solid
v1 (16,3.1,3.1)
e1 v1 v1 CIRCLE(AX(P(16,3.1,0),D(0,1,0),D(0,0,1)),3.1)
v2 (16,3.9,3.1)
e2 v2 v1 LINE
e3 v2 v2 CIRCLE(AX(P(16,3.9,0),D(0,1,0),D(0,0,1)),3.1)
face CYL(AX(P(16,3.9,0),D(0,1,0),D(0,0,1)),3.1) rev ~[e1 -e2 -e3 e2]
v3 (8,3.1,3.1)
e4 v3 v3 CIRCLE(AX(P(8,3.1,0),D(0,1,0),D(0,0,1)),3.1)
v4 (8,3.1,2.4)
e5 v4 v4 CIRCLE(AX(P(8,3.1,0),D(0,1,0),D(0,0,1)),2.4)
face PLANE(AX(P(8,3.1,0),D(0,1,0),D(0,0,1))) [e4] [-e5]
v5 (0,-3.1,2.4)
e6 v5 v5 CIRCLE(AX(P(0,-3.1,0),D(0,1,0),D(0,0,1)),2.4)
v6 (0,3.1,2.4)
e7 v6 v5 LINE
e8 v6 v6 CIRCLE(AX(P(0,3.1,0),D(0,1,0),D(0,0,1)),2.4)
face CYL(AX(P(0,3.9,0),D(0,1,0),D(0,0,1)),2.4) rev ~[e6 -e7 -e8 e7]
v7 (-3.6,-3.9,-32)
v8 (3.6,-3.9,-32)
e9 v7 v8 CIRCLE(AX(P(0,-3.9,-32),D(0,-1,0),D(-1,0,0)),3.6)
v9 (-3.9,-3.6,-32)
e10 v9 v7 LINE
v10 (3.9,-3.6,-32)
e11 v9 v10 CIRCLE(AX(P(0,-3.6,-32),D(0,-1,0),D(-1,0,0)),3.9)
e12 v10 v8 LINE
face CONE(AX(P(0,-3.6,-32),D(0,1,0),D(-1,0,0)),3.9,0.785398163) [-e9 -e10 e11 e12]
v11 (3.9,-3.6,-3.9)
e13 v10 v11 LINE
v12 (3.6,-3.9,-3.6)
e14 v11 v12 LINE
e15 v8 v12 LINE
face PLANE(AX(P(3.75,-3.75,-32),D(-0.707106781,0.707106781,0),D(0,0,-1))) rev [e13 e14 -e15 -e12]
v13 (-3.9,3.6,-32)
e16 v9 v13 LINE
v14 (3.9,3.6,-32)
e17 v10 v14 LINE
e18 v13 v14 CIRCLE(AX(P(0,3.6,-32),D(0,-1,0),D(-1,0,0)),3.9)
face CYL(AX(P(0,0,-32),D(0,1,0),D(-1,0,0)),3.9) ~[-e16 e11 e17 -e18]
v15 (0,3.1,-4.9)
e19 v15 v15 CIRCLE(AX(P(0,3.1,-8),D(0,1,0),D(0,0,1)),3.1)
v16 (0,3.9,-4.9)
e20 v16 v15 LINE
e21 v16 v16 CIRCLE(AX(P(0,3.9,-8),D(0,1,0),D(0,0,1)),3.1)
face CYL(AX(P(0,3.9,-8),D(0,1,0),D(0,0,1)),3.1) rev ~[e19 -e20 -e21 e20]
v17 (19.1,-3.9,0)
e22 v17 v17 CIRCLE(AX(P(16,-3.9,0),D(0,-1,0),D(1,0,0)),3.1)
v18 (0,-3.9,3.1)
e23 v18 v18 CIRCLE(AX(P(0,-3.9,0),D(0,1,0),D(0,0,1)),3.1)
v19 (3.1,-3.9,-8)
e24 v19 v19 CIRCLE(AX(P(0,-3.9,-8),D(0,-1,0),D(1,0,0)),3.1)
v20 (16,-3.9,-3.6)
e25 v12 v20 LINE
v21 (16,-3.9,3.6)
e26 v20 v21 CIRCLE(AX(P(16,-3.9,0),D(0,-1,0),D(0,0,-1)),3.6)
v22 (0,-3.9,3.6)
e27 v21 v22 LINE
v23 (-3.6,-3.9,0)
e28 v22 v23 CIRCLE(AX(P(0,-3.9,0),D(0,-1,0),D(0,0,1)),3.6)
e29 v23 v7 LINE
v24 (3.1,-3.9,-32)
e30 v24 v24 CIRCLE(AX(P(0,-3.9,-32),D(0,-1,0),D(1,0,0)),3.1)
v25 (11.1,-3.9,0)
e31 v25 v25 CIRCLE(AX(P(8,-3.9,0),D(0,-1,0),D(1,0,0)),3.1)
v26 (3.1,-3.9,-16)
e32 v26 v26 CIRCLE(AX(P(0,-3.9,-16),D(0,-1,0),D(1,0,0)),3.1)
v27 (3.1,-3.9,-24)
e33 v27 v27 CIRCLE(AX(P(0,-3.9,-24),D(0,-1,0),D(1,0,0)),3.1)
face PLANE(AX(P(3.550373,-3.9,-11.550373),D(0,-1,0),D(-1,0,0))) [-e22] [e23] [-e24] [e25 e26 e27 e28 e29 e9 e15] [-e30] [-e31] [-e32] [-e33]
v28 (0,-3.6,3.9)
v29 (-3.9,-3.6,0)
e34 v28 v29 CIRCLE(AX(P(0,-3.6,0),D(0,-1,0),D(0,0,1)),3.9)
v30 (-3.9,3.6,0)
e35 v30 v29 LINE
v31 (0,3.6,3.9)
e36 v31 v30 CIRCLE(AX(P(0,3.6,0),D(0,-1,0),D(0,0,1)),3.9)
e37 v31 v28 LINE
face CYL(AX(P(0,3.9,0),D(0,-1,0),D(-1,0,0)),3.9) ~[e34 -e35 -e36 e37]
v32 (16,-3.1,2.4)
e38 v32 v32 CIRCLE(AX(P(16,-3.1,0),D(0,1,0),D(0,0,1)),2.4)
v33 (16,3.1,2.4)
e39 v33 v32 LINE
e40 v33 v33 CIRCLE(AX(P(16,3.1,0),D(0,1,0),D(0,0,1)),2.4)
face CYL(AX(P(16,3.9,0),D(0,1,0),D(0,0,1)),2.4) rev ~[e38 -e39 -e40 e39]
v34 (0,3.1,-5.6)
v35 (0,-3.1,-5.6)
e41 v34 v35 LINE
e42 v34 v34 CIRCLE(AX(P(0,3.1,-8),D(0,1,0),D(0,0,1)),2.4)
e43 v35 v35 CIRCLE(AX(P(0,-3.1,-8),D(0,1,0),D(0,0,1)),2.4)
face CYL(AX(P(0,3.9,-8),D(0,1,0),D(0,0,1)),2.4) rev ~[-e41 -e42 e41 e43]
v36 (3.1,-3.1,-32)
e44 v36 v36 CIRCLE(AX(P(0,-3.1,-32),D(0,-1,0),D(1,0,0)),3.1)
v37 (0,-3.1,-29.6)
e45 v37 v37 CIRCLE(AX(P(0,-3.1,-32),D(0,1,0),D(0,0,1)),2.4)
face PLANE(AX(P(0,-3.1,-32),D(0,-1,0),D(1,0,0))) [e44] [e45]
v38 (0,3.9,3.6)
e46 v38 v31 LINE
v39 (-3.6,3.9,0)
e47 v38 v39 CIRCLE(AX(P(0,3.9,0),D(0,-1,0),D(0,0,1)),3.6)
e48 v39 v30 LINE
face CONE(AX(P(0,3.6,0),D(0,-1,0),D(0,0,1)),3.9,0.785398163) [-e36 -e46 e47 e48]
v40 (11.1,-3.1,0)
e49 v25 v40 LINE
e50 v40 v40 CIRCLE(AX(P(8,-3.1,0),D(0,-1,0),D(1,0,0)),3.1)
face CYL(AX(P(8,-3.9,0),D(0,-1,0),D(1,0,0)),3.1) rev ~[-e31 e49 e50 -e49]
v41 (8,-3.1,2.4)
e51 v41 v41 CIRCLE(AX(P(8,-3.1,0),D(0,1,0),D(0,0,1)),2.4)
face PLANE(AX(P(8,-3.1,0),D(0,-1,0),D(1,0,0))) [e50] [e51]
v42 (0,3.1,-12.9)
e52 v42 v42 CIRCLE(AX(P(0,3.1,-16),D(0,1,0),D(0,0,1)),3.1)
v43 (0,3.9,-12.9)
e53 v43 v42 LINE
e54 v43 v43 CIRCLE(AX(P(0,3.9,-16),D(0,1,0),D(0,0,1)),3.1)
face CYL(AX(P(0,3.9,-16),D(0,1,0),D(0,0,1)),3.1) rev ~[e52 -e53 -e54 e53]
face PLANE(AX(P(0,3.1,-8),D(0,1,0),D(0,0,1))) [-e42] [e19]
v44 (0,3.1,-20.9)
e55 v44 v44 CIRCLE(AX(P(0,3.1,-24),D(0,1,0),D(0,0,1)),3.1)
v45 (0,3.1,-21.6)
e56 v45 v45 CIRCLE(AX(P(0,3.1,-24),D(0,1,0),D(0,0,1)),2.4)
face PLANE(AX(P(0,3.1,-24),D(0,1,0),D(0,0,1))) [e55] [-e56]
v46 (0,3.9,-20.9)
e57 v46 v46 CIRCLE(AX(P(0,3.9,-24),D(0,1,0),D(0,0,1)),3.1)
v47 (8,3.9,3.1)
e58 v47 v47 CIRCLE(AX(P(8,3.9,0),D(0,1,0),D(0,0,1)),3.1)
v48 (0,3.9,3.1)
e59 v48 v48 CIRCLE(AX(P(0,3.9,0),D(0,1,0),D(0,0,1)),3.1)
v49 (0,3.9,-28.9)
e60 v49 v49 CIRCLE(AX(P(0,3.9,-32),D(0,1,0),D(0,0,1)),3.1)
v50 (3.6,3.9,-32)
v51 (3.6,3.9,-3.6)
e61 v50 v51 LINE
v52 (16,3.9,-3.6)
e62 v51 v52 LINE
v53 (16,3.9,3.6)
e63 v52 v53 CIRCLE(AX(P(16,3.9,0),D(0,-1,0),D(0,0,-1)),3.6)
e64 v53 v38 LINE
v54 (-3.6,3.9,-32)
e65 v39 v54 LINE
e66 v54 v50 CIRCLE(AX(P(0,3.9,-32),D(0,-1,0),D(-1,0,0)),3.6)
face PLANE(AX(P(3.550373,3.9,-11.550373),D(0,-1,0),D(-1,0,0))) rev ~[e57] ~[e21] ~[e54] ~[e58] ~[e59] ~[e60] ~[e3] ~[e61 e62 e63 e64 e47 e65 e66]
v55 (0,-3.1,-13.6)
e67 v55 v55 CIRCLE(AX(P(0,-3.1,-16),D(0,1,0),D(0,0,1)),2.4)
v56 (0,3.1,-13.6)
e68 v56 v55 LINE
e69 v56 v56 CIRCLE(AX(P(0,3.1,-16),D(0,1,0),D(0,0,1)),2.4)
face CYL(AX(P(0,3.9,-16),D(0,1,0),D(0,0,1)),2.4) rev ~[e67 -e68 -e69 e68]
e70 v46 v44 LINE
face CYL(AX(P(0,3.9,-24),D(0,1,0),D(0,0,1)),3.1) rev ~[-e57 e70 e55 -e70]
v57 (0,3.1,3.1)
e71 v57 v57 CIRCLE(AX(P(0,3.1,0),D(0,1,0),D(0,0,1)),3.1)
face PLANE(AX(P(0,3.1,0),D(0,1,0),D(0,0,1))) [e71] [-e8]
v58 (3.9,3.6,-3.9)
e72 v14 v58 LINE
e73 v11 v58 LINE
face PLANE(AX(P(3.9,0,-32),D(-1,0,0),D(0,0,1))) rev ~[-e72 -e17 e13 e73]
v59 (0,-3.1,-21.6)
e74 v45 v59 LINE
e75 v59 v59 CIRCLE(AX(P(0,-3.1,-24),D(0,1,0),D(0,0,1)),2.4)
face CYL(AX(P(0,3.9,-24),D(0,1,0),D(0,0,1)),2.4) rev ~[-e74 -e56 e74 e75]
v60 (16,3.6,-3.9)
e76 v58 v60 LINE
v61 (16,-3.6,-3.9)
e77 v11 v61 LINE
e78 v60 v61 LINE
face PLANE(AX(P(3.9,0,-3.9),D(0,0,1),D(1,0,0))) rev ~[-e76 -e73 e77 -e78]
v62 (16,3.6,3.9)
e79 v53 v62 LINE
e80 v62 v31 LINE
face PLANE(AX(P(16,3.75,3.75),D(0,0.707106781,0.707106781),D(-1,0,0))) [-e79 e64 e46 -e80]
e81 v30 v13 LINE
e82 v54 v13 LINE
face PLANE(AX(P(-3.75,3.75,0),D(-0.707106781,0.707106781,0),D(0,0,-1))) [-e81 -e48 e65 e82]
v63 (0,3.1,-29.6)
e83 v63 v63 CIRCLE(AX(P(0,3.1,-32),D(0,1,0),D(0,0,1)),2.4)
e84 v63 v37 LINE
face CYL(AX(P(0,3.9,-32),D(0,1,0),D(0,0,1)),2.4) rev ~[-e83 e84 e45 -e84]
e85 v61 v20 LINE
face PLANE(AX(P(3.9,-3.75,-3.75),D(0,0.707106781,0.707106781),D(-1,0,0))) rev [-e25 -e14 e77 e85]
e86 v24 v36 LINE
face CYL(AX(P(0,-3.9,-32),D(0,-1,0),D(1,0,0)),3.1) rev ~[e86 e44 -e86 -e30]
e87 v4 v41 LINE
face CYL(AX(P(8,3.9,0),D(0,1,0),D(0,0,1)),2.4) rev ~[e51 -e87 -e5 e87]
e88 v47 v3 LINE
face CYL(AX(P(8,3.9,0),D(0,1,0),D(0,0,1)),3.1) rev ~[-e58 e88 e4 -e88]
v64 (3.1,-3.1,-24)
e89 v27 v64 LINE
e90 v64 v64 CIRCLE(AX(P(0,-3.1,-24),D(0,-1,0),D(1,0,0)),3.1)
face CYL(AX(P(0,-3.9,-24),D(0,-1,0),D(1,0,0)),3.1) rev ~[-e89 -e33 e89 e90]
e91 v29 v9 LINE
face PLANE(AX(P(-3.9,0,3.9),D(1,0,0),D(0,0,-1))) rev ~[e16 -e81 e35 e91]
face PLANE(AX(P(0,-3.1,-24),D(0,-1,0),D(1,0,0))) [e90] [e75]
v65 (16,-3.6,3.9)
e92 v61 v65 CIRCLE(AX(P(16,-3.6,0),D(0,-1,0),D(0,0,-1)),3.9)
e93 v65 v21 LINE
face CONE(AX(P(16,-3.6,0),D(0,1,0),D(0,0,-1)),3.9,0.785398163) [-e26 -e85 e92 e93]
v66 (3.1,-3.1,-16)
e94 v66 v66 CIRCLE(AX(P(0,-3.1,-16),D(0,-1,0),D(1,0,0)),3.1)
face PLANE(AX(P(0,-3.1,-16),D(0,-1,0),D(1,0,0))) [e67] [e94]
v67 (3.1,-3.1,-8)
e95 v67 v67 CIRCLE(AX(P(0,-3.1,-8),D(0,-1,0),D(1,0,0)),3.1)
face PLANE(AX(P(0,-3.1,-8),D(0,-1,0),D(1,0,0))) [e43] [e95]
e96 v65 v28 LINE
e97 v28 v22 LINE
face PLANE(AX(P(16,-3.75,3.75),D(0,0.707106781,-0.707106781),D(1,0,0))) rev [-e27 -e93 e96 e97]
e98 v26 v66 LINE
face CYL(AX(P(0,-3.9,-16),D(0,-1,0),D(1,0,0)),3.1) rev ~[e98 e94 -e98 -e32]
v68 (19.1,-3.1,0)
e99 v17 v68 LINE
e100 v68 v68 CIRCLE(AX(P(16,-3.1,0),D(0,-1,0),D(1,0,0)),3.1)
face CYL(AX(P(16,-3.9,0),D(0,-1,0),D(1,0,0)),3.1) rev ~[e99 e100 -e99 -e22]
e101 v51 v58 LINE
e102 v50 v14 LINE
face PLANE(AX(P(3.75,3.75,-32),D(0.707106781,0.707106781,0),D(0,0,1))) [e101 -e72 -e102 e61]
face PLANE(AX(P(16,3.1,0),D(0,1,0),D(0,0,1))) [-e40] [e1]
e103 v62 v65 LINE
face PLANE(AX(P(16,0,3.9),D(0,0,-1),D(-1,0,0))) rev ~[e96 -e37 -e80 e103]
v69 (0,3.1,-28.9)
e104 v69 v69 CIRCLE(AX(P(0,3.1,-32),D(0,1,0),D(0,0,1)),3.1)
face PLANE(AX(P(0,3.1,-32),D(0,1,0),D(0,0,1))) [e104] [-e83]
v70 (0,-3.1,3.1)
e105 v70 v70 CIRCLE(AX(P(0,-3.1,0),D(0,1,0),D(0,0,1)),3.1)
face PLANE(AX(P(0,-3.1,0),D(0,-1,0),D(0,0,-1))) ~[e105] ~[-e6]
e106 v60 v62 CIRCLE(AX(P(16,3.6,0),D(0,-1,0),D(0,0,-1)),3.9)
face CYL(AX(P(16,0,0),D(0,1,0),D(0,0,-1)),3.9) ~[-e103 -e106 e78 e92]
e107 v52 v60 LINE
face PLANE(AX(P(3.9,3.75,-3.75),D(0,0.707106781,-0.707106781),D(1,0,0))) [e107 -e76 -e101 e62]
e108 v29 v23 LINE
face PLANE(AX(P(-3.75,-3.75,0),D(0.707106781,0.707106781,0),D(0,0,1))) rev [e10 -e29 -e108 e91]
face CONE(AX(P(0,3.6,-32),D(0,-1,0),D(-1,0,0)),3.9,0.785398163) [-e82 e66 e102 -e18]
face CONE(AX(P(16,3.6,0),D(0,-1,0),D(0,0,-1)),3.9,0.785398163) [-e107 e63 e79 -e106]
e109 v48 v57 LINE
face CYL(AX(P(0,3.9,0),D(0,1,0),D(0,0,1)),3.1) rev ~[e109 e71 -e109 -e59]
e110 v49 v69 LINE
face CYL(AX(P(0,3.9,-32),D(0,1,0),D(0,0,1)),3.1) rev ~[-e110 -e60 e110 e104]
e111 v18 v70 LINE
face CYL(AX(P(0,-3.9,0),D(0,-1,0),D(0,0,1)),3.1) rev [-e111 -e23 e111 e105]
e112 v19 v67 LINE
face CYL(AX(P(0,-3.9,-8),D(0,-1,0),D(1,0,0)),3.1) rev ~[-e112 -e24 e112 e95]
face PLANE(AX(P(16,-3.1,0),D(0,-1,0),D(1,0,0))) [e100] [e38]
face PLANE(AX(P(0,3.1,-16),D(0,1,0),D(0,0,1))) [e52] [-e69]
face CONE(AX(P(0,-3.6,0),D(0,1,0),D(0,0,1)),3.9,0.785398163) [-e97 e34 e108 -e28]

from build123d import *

# Parameters (mm, degrees)
BOSS_EXTRUDE1_DEPTH       = 3.9
FILLET1_R                 = 3.9
SKETCH2_R                 = 2.4
CUT_EXTRUDE2_DEPTH        = 42.781096204
SKETCH4_R                 = 3.1
CUT_EXTRUDE3_DEPTH        = 0.8
LPATTERN1_COUNT           = 5
LPATTERN1_PITCH           = 8
LPATTERN1_COPY_1_SKETCH_R = 3.1
LPATTERN1_COPY_1_DEPTH    = 0.8
LPATTERN1_COPY_2_SKETCH_R = 3.1
LPATTERN1_COPY_2_DEPTH    = 0.8
LPATTERN1_COPY_3_SKETCH_R = 3.1
LPATTERN1_COPY_3_DEPTH    = 0.8
LPATTERN1_COPY_4_SKETCH_R = 3.1
LPATTERN1_COPY_4_DEPTH    = 0.8
LPATTERN2_COUNT           = 3
LPATTERN2_PITCH           = 8
LPATTERN2_COPY_1_SKETCH_R = 3.1
LPATTERN2_COPY_1_DEPTH    = 0.8
LPATTERN2_COPY_2_SKETCH_R = 3.1
LPATTERN2_COPY_2_DEPTH    = 0.8
CHAMFER1_SIZE             = 0.3


with BuildPart() as part:
    # Sketch1 → Boss-Extrude1 (new, symmetric)
    with BuildSketch(Plane(origin=(0, 0, 0), x_dir=(1, 0, 0), z_dir=(0, 1, 0))):
        with BuildLine():
            Line((3.9, 3.9), (16, 3.9))
            ThreePointArc((16, 3.9), (19.9, 0), (16, -3.9))
            Line((16, -3.9), (-3.9, -3.9))
            Line((-3.9, -3.9), (-3.9, 32))
            ThreePointArc((-3.9, 32), (0, 35.9), (3.9, 32))
            Line((3.9, 32), (3.9, 3.9))
        make_face()
    extrude(amount=BOSS_EXTRUDE1_DEPTH, both=True)

    # Fillet1
    fillet1_edges = [part.edges().sort_by_distance(p)[0] for p in [
        (-3.9, 0, 3.9),
    ]]
    fillet(fillet1_edges, radius=FILLET1_R)

    # Sketch2 → Cut-Extrude2 (cut, through all)
    with BuildSketch(Plane(origin=(0, 3.9, 0), x_dir=(1, 0, 0), z_dir=(0, 1, 0))):
        with Locations(Location((0, 0, 0), (0, 0, 270))):
            Circle(SKETCH2_R)
    cut_extrude2 = extrude(amount=-CUT_EXTRUDE2_DEPTH, mode=Mode.SUBTRACT)

    # Sketch4 → Cut-Extrude3 (cut)
    with BuildSketch(Plane(origin=(0, 3.9, 0), x_dir=(1, 0, 0), z_dir=(0, 1, 0))):
        with Locations(Location((0, 0, 0), (0, 0, 270))):
            Circle(SKETCH4_R)
    cut_extrude3 = extrude(amount=-CUT_EXTRUDE3_DEPTH, mode=Mode.SUBTRACT)

    # Mirror1: Cut-Extrude3 across plane
    add(cut_extrude3.mirror(Plane.ZX), mode=Mode.SUBTRACT)

    # LPattern1: Cut-Extrude2, Cut-Extrude3 ×5
    with Locations(*[(0, 0, -i * LPATTERN1_PITCH) for i in range(1, LPATTERN1_COUNT)]):
        add(cut_extrude2, mode=Mode.SUBTRACT)
        add(cut_extrude3, mode=Mode.SUBTRACT)

    # LPattern1 copy 1 sketch → LPattern1 copy 1 (cut)
    with BuildSketch(Plane(origin=(0, -3.9, -8), x_dir=(1, 0, 0), z_dir=(0, -1, 0))):
        Circle(LPATTERN1_COPY_1_SKETCH_R)
    extrude(amount=-LPATTERN1_COPY_1_DEPTH, mode=Mode.SUBTRACT)

    # LPattern1 copy 2 sketch → LPattern1 copy 2 (cut)
    with BuildSketch(Plane(origin=(0, -3.9, -16), x_dir=(1, 0, 0), z_dir=(0, -1, 0))):
        Circle(LPATTERN1_COPY_2_SKETCH_R)
    extrude(amount=-LPATTERN1_COPY_2_DEPTH, mode=Mode.SUBTRACT)

    # LPattern1 copy 3 sketch → LPattern1 copy 3 (cut)
    with BuildSketch(Plane(origin=(0, -3.9, -24), x_dir=(1, 0, 0), z_dir=(0, -1, 0))):
        Circle(LPATTERN1_COPY_3_SKETCH_R)
    extrude(amount=-LPATTERN1_COPY_3_DEPTH, mode=Mode.SUBTRACT)

    # LPattern1 copy 4 sketch → LPattern1 copy 4 (cut)
    with BuildSketch(Plane(origin=(0, -3.9, -32), x_dir=(1, 0, 0), z_dir=(0, -1, 0))):
        Circle(LPATTERN1_COPY_4_SKETCH_R)
    extrude(amount=-LPATTERN1_COPY_4_DEPTH, mode=Mode.SUBTRACT)

    # LPattern2: Cut-Extrude2, Cut-Extrude3 ×3
    with Locations(*[(i * LPATTERN2_PITCH, 0, 0) for i in range(1, LPATTERN2_COUNT)]):
        add(cut_extrude2, mode=Mode.SUBTRACT)
        add(cut_extrude3, mode=Mode.SUBTRACT)

    # LPattern2 copy 1 sketch → LPattern2 copy 1 (cut)
    with BuildSketch(Plane(origin=(8, -3.9, 0), x_dir=(1, 0, 0), z_dir=(0, -1, 0))):
        Circle(LPATTERN2_COPY_1_SKETCH_R)
    extrude(amount=-LPATTERN2_COPY_1_DEPTH, mode=Mode.SUBTRACT)

    # LPattern2 copy 2 sketch → LPattern2 copy 2 (cut)
    with BuildSketch(Plane(origin=(16, -3.9, 0), x_dir=(1, 0, 0), z_dir=(0, -1, 0))):
        Circle(LPATTERN2_COPY_2_SKETCH_R)
    extrude(amount=-LPATTERN2_COPY_2_DEPTH, mode=Mode.SUBTRACT)

    # Chamfer1
    chamfer1_edges = [part.edges().sort_by_distance(p)[0] for p in [
        (-3.9, 3.9, -16),
        (8, -3.9, 3.9),
        (8, 3.9, 3.9),
        (19.9, 3.9, 0),
        (-2.757716447, -3.9, 2.757716447),
        (-2.757716447, 3.9, 2.757716447),
        (9.95, 3.9, -3.9),
        (3.9, 3.9, -17.95),
        (9.95, -3.9, -3.9),
        (19.9, -3.9, 0),
        (-3.9, -3.9, -16),
        (0, -3.9, -35.9),
        (3.9, -3.9, -17.95),
        (0, 3.9, -35.9),
    ]]
    chamfer(chamfer1_edges, length=CHAMFER1_SIZE)


solid = part.part
